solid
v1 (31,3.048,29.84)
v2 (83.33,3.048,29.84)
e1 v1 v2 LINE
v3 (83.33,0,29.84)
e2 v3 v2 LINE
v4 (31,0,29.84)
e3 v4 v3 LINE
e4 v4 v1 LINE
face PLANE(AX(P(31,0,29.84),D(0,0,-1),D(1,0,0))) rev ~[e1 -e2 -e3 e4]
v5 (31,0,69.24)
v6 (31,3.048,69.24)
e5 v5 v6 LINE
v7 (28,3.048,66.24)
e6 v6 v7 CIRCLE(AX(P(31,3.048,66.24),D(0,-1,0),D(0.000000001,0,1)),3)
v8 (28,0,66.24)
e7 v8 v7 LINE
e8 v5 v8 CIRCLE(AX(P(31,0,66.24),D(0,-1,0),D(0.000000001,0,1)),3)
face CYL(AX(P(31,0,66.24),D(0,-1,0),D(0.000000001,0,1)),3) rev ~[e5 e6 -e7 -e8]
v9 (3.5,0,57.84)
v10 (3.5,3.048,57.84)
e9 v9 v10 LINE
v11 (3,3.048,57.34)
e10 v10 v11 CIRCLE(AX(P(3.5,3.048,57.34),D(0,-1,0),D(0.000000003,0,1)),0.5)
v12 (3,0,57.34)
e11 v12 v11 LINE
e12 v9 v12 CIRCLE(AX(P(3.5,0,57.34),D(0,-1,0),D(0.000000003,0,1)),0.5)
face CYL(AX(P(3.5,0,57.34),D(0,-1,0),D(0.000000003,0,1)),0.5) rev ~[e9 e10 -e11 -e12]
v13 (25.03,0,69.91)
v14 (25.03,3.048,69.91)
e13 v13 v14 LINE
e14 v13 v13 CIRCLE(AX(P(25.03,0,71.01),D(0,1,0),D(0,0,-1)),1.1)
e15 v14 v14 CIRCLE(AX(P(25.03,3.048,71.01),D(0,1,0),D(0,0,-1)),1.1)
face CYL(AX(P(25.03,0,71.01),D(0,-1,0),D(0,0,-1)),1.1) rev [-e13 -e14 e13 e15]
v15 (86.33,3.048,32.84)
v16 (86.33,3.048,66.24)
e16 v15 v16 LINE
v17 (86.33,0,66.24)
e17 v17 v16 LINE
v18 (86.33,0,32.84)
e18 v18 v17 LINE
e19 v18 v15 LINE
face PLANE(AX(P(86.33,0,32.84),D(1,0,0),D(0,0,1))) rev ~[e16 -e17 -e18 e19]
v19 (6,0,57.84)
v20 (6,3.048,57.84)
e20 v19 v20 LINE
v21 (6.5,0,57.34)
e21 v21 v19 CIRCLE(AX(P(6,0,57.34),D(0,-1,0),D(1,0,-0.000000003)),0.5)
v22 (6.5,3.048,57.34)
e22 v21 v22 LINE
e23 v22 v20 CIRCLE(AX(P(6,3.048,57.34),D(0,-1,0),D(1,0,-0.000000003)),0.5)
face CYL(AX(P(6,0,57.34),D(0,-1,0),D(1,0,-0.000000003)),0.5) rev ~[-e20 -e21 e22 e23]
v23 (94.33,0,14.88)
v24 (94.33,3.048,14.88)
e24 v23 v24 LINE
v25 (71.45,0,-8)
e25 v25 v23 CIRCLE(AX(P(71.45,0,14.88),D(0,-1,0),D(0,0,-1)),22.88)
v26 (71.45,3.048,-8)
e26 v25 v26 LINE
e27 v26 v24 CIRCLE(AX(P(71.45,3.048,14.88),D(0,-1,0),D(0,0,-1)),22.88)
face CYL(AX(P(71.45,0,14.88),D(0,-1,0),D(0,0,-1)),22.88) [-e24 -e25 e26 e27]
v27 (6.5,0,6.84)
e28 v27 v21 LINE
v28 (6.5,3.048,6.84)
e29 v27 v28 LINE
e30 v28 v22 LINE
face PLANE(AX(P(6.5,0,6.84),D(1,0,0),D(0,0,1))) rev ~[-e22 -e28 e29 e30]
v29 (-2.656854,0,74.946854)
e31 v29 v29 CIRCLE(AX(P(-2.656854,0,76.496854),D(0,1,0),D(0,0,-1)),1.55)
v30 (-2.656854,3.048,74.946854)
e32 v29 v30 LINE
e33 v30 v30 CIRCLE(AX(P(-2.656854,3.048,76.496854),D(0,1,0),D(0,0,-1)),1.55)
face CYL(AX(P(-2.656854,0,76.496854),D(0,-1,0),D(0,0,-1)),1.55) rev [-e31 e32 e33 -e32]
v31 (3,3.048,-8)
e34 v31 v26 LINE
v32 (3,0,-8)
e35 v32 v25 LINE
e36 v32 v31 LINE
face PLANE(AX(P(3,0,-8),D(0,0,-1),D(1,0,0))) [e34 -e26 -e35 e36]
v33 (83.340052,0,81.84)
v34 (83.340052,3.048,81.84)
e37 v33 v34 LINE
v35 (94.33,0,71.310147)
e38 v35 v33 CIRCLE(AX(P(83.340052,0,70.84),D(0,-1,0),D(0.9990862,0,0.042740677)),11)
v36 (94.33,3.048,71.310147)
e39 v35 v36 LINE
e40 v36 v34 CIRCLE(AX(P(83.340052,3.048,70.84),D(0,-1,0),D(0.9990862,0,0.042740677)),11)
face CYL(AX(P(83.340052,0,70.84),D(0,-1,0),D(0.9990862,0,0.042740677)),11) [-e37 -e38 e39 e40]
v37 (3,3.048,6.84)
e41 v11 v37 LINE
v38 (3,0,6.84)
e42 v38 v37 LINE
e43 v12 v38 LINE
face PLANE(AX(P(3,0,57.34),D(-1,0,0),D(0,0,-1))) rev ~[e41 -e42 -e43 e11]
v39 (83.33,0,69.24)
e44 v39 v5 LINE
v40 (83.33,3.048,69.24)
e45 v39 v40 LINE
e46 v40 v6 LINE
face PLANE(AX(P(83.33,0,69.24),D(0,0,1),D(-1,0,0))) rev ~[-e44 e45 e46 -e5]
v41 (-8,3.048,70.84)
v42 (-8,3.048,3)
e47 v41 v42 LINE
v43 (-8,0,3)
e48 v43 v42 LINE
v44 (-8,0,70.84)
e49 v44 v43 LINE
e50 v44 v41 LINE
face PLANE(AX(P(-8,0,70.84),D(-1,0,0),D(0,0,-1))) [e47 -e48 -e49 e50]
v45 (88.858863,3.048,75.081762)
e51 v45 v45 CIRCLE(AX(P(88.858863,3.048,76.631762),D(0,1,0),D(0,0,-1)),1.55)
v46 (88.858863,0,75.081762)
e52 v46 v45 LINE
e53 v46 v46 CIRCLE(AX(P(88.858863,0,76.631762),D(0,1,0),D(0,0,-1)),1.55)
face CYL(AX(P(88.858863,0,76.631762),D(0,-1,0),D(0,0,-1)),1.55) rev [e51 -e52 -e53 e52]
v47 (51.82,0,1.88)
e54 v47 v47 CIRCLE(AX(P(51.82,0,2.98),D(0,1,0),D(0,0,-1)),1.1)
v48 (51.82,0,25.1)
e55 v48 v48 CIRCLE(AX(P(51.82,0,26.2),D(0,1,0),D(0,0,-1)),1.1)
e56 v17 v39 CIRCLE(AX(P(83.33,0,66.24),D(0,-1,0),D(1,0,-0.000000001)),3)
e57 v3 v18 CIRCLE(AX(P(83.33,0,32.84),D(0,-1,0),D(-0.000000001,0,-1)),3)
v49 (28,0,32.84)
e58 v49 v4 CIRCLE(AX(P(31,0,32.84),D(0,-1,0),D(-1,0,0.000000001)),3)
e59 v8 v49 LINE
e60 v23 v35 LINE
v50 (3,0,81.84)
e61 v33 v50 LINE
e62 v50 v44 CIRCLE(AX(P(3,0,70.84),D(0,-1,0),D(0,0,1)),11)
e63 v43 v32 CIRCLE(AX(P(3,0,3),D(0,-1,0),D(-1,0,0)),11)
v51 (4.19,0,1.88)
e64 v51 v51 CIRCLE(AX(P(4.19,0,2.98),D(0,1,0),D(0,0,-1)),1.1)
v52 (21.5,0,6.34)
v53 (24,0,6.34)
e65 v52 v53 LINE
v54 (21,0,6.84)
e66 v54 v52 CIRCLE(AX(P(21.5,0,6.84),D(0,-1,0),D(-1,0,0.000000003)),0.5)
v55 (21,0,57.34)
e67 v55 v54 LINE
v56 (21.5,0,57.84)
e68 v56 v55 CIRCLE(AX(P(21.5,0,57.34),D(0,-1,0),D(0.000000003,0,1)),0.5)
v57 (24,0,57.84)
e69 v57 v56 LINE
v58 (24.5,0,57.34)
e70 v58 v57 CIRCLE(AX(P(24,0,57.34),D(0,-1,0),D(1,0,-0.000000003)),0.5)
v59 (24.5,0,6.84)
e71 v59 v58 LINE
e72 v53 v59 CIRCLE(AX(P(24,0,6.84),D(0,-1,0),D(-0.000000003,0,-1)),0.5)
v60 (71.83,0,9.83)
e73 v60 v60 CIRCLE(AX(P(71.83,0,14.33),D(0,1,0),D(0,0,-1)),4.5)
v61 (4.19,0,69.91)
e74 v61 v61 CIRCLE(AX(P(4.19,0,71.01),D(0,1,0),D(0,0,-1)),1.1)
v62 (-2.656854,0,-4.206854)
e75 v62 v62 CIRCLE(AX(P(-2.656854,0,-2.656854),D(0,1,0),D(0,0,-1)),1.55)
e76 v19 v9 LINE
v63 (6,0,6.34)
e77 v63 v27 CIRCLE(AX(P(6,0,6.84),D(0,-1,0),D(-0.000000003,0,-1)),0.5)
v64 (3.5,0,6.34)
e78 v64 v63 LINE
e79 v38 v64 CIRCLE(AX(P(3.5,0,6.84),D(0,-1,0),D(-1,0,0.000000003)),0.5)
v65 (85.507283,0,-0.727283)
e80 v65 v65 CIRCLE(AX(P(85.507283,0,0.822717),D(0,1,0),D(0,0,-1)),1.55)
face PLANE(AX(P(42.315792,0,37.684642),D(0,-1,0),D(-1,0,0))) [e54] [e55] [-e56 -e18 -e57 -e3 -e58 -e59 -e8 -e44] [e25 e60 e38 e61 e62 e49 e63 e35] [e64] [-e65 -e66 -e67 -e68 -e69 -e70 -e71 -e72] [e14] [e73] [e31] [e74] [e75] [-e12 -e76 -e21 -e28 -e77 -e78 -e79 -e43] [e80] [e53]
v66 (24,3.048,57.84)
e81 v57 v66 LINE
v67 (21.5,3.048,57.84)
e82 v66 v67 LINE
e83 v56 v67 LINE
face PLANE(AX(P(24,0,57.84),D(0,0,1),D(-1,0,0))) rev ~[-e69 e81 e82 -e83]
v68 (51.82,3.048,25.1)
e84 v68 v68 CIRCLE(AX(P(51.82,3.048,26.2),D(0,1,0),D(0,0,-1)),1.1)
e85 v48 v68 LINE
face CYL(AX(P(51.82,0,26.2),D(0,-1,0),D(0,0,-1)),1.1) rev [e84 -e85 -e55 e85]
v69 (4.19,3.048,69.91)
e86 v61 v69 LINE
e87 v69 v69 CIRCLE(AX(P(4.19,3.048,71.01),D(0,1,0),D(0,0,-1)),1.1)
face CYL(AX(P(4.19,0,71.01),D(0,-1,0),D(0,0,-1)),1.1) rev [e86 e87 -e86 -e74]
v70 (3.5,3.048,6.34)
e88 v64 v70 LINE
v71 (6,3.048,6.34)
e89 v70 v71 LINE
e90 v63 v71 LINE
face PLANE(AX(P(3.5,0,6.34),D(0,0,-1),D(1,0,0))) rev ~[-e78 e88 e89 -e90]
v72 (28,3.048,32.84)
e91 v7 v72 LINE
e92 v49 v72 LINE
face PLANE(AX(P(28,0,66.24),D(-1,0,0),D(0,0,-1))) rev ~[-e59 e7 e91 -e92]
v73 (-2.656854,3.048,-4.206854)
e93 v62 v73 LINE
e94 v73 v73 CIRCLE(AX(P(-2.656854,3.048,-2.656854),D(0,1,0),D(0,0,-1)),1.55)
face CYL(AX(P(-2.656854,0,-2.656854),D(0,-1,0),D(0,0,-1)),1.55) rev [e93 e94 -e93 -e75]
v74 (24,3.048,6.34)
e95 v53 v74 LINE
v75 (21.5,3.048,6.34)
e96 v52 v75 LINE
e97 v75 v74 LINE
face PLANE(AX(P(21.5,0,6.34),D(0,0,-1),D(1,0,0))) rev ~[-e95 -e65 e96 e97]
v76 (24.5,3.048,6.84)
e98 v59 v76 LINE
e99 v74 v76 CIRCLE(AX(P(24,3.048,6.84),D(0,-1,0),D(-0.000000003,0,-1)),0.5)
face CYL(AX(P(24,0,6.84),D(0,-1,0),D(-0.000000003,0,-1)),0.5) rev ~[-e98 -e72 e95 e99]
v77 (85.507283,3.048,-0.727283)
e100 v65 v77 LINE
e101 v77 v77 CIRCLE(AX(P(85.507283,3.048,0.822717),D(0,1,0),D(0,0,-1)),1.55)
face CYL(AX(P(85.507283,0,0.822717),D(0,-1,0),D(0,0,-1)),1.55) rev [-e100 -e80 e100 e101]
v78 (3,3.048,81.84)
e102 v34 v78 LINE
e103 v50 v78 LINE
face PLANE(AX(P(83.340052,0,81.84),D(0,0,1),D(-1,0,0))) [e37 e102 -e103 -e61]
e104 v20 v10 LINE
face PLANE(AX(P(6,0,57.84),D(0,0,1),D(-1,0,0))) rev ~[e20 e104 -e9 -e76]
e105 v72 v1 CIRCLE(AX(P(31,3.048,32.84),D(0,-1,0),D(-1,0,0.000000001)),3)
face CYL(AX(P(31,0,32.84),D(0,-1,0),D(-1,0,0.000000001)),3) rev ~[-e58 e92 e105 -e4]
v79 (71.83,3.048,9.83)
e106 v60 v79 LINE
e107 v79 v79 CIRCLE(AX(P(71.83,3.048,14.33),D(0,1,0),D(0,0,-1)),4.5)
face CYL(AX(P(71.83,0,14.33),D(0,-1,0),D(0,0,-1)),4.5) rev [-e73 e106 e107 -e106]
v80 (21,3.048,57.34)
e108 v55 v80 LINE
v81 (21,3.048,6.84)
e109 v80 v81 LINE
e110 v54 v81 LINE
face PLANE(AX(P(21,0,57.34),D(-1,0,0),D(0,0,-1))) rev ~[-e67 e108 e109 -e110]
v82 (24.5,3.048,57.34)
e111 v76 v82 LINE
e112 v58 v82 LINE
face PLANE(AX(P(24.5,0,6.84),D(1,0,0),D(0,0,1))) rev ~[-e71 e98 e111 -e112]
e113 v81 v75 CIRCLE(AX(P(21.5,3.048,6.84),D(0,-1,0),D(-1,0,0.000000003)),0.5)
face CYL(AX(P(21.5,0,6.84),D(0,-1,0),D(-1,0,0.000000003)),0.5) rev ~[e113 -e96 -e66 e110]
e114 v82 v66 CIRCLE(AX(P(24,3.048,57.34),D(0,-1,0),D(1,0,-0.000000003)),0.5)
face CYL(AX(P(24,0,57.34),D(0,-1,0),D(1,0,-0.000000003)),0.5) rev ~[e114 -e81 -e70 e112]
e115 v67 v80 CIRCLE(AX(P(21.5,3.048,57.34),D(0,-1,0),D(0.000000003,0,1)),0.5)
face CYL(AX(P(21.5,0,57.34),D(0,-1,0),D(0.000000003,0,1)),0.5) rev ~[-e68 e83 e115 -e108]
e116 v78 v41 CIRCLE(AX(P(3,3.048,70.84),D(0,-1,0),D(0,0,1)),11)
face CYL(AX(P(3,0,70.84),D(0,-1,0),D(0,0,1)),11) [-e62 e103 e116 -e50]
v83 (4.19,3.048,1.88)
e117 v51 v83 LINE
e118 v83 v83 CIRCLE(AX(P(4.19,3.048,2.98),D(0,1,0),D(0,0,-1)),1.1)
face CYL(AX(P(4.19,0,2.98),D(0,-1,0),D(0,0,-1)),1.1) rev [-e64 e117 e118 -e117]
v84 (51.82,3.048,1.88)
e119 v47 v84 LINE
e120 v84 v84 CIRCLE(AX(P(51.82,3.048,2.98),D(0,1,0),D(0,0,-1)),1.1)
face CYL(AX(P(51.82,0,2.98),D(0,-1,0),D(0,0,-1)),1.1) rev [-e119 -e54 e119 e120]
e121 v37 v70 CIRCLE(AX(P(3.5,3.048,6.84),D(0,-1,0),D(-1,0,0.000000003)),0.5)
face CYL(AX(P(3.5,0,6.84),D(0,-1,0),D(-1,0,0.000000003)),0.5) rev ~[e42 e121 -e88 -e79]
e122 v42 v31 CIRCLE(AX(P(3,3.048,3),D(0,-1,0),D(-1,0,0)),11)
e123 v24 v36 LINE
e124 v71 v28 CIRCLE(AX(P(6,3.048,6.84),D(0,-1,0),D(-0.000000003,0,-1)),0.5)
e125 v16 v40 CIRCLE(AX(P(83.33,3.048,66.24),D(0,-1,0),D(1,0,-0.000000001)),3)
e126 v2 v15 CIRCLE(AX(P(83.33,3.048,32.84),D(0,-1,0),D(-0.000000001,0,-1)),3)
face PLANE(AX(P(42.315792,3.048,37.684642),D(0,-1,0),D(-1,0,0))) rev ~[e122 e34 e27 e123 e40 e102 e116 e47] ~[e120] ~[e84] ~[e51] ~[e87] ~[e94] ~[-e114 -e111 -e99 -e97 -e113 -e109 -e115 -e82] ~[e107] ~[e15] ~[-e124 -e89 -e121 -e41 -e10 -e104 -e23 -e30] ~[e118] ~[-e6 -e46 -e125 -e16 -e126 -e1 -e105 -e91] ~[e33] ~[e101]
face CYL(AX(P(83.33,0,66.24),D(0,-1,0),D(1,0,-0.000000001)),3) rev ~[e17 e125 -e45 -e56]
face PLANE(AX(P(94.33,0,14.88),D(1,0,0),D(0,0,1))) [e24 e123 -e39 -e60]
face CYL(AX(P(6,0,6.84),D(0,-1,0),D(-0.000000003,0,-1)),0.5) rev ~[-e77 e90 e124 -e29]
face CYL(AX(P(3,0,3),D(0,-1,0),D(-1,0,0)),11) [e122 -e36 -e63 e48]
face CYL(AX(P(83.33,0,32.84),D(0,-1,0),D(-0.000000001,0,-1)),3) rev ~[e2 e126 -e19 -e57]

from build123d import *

# Parameters (mm, degrees)
SKETCH2_R           = 1.1
SKETCH2_R_2         = 4.5
SKETCH2_R_3         = 1.55
BOSS_EXTRUDE1_DEPTH = 3.048


with BuildPart() as part:
    # Sketch2 → Boss-Extrude1 (new body)
    with BuildSketch(Plane(origin=(0, 0, 0), x_dir=(1, 0, 0), z_dir=(0, 1, 0))):
        with BuildLine():
            Line((3, 8), (71.45, 8))
            ThreePointArc((71.45, 8), (87.628603154, 1.298603154), (94.33, -14.88))
            Line((94.33, -14.88), (94.33, -71.310147445))
            ThreePointArc((94.33, -71.310147445), (90.950189058, -78.782657675), (83.340051803, -81.84))
            Line((83.340051803, -81.84), (3, -81.84))
            ThreePointArc((3, -81.84), (-4.778174593, -78.618174593), (-8, -70.84))
            Line((-8, -70.84), (-8, -3))
            ThreePointArc((-8, -3), (-4.778174593, 4.778174593), (3, 8))
        make_face()
        with Locations(Location((4.19, -71.01, 0), (0, 0, 90))):
            Circle(SKETCH2_R, mode=Mode.SUBTRACT)
        with Locations(Location((25.03, -71.01, 0), (0, 0, 90))):
            Circle(SKETCH2_R, mode=Mode.SUBTRACT)
        with Locations(Location((4.19, -2.98, 0), (0, 0, 90))):
            Circle(SKETCH2_R, mode=Mode.SUBTRACT)
        with Locations(Location((51.82, -2.98, 0), (0, 0, 90))):
            Circle(SKETCH2_R, mode=Mode.SUBTRACT)
        with Locations(Location((51.82, -26.2, 0), (0, 0, 90))):
            Circle(SKETCH2_R, mode=Mode.SUBTRACT)
        with Locations(Location((71.83, -14.33, 0), (0, 0, 90))):
            Circle(SKETCH2_R_2, mode=Mode.SUBTRACT)
        with Locations(Location((-2.656854249, 2.656854249, 0), (0, 0, 90))):
            Circle(SKETCH2_R_3, mode=Mode.SUBTRACT)
        with Locations(Location((85.50728281, -0.82271719, 0), (0, 0, 90))):
            Circle(SKETCH2_R_3, mode=Mode.SUBTRACT)
        with Locations(Location((88.858862501, -76.631761762, 0), (0, 0, 90))):
            Circle(SKETCH2_R_3, mode=Mode.SUBTRACT)
        with Locations(Location((-2.656854249, -76.496854249, 0), (0, 0, 90))):
            Circle(SKETCH2_R_3, mode=Mode.SUBTRACT)
        with BuildLine():
            Line((28, -66.24), (28, -32.84))
            ThreePointArc((28, -32.84), (28.878679656, -30.718679656), (31, -29.84))
            Line((31, -29.84), (83.33, -29.84))
            ThreePointArc((83.33, -29.84), (85.451320344, -30.718679656), (86.33, -32.84))
            Line((86.33, -32.84), (86.33, -66.24))
            ThreePointArc((86.33, -66.24), (85.451320344, -68.361320344), (83.33, -69.24))
            Line((83.33, -69.24), (31, -69.24))
            ThreePointArc((31, -69.24), (28.878679656, -68.361320344), (28, -66.24))
        make_face(mode=Mode.SUBTRACT)
        with BuildLine():
            Line((6.5, -6.84), (6.5, -57.34))
            ThreePointArc((6.5, -57.34), (6.353553391, -57.693553391), (6, -57.84))
            Line((6, -57.84), (3.5, -57.84))
            ThreePointArc((3.5, -57.84), (3.146446609, -57.693553391), (3, -57.34))
            Line((3, -57.34), (3, -6.84))
            ThreePointArc((3, -6.84), (3.146446609, -6.486446609), (3.5, -6.34))
            Line((3.5, -6.34), (6, -6.34))
            ThreePointArc((6, -6.34), (6.353553391, -6.486446609), (6.5, -6.84))
        make_face(mode=Mode.SUBTRACT)
        with BuildLine():
            Line((24.5, -6.84), (24.5, -57.34))
            ThreePointArc((24.5, -57.34), (24.353553391, -57.693553391), (24, -57.84))
            Line((24, -57.84), (21.5, -57.84))
            ThreePointArc((21.5, -57.84), (21.146446609, -57.693553391), (21, -57.34))
            Line((21, -57.34), (21, -6.84))
            ThreePointArc((21, -6.84), (21.146446609, -6.486446609), (21.5, -6.34))
            Line((21.5, -6.34), (24, -6.34))
            ThreePointArc((24, -6.34), (24.353553391, -6.486446609), (24.5, -6.84))
        make_face(mode=Mode.SUBTRACT)
    extrude(amount=BOSS_EXTRUDE1_DEPTH)


solid = part.part
